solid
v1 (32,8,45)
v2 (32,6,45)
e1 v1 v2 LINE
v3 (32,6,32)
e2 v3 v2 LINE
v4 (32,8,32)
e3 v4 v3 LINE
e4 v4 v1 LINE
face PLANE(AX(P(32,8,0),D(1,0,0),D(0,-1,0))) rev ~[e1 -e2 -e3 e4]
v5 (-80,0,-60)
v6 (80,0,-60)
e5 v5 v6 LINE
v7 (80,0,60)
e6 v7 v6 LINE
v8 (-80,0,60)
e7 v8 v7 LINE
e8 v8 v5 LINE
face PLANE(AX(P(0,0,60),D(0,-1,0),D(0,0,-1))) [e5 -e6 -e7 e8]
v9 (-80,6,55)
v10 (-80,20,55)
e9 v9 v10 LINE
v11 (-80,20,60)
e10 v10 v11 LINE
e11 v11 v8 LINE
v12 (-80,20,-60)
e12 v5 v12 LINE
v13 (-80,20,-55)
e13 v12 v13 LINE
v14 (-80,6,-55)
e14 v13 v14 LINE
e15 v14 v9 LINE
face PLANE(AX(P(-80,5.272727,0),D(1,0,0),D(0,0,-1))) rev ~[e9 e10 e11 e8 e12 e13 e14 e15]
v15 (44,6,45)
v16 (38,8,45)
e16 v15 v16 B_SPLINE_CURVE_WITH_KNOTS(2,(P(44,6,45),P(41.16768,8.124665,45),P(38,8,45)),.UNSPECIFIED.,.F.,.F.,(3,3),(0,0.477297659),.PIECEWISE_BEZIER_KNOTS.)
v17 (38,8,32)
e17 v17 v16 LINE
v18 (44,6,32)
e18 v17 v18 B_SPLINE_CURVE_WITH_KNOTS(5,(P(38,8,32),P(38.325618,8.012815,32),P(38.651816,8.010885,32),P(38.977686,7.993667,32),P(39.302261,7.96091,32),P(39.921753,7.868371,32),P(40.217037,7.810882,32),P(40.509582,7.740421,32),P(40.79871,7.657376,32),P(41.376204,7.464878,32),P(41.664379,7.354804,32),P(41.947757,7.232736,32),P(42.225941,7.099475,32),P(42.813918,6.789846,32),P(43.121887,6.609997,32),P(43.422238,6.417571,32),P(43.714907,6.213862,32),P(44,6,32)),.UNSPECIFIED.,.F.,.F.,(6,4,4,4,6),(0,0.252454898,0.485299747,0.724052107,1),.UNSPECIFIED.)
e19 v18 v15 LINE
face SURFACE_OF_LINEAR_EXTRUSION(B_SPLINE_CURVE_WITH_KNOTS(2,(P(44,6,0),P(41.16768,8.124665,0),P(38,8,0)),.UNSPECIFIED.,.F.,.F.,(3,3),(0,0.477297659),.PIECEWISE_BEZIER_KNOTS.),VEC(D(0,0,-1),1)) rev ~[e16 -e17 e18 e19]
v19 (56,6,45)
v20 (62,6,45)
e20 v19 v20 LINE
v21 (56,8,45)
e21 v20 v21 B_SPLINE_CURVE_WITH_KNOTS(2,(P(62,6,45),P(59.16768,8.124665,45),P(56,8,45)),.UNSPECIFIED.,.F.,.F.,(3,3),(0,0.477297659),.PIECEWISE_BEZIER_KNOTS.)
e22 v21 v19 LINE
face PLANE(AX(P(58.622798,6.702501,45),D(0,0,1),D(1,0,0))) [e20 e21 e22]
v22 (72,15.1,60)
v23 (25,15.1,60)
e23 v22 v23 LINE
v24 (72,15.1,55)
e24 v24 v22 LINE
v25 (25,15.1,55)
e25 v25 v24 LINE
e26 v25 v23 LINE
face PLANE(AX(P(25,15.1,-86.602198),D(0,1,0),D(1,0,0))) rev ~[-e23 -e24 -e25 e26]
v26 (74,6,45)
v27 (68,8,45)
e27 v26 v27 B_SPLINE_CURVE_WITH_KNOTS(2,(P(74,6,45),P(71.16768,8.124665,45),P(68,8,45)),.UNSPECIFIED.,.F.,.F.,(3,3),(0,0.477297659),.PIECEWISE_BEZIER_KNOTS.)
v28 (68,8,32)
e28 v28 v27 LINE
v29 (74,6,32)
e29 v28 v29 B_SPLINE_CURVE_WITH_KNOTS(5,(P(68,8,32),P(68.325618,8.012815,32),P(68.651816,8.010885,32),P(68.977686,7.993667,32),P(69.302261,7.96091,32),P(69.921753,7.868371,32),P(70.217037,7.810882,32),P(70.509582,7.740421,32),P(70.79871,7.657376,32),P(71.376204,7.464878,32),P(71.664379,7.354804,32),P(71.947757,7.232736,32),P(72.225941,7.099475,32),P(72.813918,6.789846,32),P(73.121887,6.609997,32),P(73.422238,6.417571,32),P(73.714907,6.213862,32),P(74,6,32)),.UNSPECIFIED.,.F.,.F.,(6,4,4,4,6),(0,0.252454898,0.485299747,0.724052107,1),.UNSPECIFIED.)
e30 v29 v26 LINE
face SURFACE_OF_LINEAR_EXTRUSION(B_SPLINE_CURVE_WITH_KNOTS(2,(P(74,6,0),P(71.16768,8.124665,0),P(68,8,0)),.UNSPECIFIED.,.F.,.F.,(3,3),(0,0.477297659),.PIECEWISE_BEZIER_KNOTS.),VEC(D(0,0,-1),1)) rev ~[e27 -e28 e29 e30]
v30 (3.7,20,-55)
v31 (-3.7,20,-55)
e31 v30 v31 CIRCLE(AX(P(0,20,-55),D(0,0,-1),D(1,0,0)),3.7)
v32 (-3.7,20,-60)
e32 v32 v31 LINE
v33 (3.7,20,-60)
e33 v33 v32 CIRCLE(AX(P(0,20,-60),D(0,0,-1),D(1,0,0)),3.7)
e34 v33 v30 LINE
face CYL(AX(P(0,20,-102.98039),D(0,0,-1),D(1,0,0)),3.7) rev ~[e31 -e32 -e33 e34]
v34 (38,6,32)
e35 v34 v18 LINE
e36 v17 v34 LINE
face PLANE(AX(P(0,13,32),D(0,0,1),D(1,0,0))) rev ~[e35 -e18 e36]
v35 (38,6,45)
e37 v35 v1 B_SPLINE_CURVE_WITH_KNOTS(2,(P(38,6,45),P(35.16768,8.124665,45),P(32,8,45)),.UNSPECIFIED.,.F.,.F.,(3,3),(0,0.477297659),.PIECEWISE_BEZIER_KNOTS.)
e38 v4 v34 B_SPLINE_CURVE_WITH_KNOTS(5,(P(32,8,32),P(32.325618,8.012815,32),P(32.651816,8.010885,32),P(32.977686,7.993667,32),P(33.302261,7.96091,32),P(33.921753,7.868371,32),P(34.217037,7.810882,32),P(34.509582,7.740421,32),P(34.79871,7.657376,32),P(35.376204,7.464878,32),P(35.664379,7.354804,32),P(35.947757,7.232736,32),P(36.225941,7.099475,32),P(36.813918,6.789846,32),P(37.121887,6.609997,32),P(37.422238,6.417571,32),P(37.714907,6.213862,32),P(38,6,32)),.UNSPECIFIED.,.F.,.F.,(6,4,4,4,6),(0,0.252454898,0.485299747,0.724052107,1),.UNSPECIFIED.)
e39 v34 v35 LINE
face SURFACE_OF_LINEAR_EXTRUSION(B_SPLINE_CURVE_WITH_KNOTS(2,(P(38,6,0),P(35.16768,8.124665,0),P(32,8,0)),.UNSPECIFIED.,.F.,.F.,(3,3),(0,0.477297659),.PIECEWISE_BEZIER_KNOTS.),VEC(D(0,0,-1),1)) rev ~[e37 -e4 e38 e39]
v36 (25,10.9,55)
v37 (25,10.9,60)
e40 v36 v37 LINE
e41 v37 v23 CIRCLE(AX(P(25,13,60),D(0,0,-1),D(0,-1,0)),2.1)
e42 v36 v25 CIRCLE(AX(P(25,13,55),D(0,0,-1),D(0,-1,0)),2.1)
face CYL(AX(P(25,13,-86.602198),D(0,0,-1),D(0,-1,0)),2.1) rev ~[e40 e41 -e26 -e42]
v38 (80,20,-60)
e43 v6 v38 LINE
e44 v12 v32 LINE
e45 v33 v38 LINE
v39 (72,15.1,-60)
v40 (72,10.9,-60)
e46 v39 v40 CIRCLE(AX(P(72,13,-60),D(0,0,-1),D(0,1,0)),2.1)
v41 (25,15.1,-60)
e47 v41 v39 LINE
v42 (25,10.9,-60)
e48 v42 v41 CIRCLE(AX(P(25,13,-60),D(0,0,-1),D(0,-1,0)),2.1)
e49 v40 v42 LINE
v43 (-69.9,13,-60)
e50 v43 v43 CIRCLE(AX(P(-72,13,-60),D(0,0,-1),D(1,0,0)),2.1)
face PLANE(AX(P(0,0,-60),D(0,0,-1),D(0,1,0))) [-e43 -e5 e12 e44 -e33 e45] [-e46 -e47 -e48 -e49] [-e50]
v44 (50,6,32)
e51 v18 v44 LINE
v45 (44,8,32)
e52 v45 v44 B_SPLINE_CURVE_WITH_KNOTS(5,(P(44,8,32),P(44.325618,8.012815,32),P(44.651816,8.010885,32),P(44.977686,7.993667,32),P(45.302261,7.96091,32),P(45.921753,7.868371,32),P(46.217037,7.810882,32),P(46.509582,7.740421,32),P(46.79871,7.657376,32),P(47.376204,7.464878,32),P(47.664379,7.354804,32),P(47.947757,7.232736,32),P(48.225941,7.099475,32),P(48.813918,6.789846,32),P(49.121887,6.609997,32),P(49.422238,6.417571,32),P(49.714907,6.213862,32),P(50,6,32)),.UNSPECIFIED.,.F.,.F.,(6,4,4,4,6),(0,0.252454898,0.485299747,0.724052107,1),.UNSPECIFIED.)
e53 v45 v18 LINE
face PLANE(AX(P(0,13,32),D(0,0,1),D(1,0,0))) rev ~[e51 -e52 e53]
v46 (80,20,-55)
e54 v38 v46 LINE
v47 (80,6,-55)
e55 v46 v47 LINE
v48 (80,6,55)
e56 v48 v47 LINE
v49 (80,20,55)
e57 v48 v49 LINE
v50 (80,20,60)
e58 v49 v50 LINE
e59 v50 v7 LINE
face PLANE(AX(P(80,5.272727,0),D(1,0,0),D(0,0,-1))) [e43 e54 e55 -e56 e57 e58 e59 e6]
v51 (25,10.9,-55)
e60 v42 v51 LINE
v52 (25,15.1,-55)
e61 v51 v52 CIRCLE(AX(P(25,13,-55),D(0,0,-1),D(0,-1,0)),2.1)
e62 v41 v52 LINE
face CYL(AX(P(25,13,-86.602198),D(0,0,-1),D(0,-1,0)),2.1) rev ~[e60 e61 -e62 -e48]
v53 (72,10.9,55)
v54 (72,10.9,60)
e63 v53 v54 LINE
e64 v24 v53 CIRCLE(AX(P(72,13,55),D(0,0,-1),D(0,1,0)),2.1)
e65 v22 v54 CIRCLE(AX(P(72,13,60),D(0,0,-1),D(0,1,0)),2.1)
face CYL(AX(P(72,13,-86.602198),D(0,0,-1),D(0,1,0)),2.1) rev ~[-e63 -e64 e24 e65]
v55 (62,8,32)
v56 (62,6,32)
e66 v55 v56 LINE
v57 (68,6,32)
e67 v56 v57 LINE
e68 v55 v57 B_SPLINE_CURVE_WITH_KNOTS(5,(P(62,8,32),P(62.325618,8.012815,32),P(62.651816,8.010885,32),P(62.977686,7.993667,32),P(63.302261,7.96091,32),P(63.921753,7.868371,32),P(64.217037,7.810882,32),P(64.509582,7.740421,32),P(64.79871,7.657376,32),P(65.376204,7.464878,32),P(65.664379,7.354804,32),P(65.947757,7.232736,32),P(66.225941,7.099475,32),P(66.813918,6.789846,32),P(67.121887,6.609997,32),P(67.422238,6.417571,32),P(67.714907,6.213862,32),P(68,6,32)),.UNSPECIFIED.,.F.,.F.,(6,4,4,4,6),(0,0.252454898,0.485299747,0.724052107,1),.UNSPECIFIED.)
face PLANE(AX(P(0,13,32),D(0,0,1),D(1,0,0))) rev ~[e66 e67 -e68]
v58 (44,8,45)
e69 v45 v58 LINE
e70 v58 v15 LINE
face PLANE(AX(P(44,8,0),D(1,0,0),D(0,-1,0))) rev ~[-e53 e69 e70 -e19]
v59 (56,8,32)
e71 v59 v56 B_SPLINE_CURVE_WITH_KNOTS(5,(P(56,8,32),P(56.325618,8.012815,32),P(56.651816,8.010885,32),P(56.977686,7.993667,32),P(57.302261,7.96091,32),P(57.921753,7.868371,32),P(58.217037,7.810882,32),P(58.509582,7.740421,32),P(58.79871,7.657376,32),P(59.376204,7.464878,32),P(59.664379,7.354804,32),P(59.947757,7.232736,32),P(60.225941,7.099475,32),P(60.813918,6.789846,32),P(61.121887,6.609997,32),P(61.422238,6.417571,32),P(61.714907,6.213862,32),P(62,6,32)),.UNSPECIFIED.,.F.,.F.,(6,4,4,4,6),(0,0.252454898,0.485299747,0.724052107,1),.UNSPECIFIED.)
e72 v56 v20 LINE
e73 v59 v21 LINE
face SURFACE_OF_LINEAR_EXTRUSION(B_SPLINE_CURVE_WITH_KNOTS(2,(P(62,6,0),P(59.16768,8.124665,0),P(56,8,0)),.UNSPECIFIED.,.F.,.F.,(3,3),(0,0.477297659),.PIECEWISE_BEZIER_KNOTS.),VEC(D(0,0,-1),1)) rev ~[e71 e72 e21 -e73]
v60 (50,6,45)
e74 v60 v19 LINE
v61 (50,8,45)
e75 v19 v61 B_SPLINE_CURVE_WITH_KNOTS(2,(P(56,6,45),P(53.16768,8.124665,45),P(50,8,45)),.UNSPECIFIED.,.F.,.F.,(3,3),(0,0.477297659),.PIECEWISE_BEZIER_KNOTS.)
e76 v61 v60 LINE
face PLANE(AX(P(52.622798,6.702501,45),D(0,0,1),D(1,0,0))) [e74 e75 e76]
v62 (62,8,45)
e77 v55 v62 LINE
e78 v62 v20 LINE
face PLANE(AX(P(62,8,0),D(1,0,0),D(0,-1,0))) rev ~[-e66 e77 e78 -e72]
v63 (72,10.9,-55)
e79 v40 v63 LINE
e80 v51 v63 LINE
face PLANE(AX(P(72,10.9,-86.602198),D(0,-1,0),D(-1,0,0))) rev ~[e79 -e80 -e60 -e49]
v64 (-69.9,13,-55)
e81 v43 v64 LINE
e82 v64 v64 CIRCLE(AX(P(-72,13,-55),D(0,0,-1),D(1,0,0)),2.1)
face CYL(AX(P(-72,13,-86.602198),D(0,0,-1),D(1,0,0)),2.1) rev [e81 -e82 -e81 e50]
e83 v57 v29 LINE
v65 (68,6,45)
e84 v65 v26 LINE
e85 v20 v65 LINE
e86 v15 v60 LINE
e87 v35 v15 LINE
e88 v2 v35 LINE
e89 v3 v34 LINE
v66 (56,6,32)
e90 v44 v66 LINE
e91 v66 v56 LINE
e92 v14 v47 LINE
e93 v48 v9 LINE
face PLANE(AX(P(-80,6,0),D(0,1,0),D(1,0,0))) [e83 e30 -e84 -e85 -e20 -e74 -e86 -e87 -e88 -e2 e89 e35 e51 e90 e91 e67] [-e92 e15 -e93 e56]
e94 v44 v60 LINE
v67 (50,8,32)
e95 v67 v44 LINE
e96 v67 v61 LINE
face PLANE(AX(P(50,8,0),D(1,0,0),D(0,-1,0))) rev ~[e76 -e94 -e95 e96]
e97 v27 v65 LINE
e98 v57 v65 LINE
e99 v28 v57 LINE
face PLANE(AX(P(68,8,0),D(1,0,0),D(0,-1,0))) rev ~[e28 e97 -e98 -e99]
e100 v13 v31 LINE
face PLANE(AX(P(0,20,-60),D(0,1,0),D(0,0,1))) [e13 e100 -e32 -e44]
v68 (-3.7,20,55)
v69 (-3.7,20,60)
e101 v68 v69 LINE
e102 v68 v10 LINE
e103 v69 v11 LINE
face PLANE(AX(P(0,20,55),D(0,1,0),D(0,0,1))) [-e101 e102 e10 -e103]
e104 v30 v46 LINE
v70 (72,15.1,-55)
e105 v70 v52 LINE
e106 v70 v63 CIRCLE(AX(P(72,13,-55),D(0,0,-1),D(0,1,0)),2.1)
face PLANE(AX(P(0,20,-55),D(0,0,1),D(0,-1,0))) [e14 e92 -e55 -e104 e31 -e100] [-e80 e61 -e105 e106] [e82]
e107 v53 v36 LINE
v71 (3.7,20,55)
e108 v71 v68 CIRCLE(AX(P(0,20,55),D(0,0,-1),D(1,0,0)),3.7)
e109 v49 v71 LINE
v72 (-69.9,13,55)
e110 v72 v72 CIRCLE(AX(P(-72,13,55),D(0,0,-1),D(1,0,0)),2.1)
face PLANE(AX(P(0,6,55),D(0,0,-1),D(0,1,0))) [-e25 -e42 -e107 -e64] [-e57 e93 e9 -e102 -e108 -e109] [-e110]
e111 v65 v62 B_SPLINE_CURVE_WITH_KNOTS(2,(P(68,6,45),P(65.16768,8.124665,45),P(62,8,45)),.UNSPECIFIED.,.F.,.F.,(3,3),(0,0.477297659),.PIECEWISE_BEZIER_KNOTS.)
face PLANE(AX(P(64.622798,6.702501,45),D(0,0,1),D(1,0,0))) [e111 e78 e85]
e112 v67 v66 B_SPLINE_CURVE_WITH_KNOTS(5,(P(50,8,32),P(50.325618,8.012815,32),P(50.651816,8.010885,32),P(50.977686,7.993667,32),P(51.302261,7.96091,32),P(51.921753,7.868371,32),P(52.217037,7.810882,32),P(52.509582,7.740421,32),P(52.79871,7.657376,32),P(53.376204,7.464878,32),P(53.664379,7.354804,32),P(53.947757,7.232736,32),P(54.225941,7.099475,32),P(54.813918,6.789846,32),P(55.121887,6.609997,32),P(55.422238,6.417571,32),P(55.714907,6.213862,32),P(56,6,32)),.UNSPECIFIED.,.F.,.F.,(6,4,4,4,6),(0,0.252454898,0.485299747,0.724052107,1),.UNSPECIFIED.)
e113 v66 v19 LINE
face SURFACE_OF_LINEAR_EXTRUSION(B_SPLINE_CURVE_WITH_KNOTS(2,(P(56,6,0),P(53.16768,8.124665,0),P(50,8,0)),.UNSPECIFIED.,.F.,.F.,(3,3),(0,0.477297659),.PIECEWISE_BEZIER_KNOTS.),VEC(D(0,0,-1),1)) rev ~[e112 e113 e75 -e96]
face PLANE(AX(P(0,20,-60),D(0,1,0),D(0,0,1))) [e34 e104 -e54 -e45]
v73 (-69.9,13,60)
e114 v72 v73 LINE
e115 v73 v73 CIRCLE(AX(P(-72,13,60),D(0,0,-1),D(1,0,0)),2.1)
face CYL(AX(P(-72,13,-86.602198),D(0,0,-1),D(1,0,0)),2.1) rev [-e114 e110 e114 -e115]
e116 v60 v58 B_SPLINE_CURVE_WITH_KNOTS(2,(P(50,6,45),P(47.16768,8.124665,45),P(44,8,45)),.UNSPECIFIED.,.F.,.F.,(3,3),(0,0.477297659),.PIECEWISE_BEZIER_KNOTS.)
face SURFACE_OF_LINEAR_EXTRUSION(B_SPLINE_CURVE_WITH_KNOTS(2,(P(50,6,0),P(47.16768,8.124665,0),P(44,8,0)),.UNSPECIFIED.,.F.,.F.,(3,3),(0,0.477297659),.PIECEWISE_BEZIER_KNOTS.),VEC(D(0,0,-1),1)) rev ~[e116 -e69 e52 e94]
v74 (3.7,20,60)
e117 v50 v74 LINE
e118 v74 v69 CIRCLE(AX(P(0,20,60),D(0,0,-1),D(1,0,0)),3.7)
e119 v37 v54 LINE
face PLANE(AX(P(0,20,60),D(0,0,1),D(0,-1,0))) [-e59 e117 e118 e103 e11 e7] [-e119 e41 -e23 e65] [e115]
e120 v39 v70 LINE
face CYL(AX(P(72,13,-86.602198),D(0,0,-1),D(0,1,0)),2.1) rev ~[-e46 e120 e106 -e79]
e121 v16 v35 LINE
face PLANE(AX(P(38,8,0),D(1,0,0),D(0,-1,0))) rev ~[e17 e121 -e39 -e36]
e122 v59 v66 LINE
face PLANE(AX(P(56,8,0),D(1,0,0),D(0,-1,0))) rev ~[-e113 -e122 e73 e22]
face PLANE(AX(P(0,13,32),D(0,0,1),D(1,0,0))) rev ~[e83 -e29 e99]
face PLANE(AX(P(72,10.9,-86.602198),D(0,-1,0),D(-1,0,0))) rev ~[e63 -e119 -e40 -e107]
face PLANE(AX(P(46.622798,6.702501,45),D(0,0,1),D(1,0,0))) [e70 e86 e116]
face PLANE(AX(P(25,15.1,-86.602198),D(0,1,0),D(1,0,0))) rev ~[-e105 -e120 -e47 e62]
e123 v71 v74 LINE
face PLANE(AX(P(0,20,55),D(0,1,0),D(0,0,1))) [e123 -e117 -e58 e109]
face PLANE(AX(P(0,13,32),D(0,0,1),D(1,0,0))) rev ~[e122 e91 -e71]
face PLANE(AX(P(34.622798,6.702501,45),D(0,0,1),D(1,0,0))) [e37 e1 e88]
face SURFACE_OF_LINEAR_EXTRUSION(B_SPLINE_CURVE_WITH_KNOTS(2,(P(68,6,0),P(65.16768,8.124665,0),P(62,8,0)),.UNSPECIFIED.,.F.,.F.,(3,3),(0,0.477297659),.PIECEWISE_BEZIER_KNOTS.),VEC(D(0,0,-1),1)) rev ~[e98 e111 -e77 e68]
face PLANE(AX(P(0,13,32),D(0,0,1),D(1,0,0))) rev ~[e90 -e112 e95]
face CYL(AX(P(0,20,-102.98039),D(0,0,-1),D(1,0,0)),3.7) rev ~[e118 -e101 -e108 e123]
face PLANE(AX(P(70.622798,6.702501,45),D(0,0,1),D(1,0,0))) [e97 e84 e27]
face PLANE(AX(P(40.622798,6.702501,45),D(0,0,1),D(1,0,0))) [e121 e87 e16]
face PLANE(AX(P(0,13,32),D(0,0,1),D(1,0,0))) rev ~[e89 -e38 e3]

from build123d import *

# Parameters (mm, degrees)
AUFSATZ_LINEAR_AUSTRAGEN3_DEPTH      = 80
SCHNITT_LINEAR_AUSTRAGEN1_DEPTH      = 146.602197786
SCHNITT_LINEAR_AUSTRAGEN1_DEPTH_BACK = 146.602197786
SKIZZE10_R                           = 2.1
SCHNITT_LINEAR_AUSTRAGEN2_DEPTH      = 102.980390272
SCHNITT_LINEAR_AUSTRAGEN2_DEPTH_BACK = 102.980390272
AUFSATZ_LINEAR_AUSTRAGEN4_DEPTH      = 45
LINEARES_MUSTER1_COUNT               = 7
LINEARES_MUSTER1_PITCH               = 6
SKIZZE19_W                           = 160
SKIZZE19_H                           = 14
SCHNITT_LINEAR_AUSTRAGEN3_DEPTH      = 32


with BuildPart() as part:
    # Skizze9 → Aufsatz-Linear austragen3 (new, symmetric)
    with BuildSketch(Plane(origin=(0, 0, 0), x_dir=(0, 0, -1), z_dir=(1, 0, 0))):
        Polygon((-60, 20), (-60, 0), (60, 0), (60, 20), (55, 20), (55, 6), (-55, 6), (-55, 20), align=None)
    extrude(amount=AUFSATZ_LINEAR_AUSTRAGEN3_DEPTH, both=True)

    # Skizze10 → Schnitt-Linear austragen1 (cut, two sides: drawn at the far end of the back side and taken through both)
    with BuildSketch(Plane.XY.offset(60).offset(-SCHNITT_LINEAR_AUSTRAGEN1_DEPTH_BACK)):
        with Locations((-72, 13)):
            Circle(SKIZZE10_R)
        with BuildLine():
            Line((25, 15.1), (72, 15.1))
            ThreePointArc((72, 15.1), (74.1, 13), (72, 10.9))
            Line((72, 10.9), (25, 10.9))
            ThreePointArc((25, 10.9), (22.9, 13), (25, 15.1))
        make_face()
    extrude(amount=SCHNITT_LINEAR_AUSTRAGEN1_DEPTH + SCHNITT_LINEAR_AUSTRAGEN1_DEPTH_BACK, mode=Mode.SUBTRACT)

    # Skizze12 → Schnitt-Linear austragen2 (cut, two sides: drawn at the far end of the back side and taken through both)
    with BuildSketch(Plane.XY.offset(-SCHNITT_LINEAR_AUSTRAGEN2_DEPTH_BACK)):
        with BuildLine():
            Line((-3.7, 20), (3.7, 20))
            ThreePointArc((3.7, 20), (0, 16.3), (-3.7, 20))
        make_face()
    extrude(amount=SCHNITT_LINEAR_AUSTRAGEN2_DEPTH + SCHNITT_LINEAR_AUSTRAGEN2_DEPTH_BACK, mode=Mode.SUBTRACT)

    # Skizze18 → Aufsatz-Linear austragen4 (add)
    with BuildSketch(Plane(origin=(0, 0, 0), x_dir=(-1, 0, 0), z_dir=(0, 0, -1))):
        with BuildLine():
            Line((-32, 6), (-38, 6))
            add(Edge.make_bspline(
                [(-38, 6), (-35.16767955, 8.124664511), (-32, 8)],
                knots=[0, 0, 0, 0.477297659, 0.477297659, 0.477297659], degree=2))
            Line((-32, 8), (-32, 6))
        make_face()
    aufsatz_linear_austragen4 = extrude(amount=-AUFSATZ_LINEAR_AUSTRAGEN4_DEPTH)

    # Lineares Muster1: Aufsatz-Linear austragen4 ×7
    with Locations(*[(i * LINEARES_MUSTER1_PITCH, 0, 0) for i in range(1, LINEARES_MUSTER1_COUNT)]):
        add(aufsatz_linear_austragen4)

    # Skizze19 → Schnitt-Linear austragen3 (cut)
    with BuildSketch(Plane.XY):
        with Locations((0, 13)):
            Rectangle(SKIZZE19_W, SKIZZE19_H)
    extrude(amount=SCHNITT_LINEAR_AUSTRAGEN3_DEPTH, mode=Mode.SUBTRACT)


solid = part.part
